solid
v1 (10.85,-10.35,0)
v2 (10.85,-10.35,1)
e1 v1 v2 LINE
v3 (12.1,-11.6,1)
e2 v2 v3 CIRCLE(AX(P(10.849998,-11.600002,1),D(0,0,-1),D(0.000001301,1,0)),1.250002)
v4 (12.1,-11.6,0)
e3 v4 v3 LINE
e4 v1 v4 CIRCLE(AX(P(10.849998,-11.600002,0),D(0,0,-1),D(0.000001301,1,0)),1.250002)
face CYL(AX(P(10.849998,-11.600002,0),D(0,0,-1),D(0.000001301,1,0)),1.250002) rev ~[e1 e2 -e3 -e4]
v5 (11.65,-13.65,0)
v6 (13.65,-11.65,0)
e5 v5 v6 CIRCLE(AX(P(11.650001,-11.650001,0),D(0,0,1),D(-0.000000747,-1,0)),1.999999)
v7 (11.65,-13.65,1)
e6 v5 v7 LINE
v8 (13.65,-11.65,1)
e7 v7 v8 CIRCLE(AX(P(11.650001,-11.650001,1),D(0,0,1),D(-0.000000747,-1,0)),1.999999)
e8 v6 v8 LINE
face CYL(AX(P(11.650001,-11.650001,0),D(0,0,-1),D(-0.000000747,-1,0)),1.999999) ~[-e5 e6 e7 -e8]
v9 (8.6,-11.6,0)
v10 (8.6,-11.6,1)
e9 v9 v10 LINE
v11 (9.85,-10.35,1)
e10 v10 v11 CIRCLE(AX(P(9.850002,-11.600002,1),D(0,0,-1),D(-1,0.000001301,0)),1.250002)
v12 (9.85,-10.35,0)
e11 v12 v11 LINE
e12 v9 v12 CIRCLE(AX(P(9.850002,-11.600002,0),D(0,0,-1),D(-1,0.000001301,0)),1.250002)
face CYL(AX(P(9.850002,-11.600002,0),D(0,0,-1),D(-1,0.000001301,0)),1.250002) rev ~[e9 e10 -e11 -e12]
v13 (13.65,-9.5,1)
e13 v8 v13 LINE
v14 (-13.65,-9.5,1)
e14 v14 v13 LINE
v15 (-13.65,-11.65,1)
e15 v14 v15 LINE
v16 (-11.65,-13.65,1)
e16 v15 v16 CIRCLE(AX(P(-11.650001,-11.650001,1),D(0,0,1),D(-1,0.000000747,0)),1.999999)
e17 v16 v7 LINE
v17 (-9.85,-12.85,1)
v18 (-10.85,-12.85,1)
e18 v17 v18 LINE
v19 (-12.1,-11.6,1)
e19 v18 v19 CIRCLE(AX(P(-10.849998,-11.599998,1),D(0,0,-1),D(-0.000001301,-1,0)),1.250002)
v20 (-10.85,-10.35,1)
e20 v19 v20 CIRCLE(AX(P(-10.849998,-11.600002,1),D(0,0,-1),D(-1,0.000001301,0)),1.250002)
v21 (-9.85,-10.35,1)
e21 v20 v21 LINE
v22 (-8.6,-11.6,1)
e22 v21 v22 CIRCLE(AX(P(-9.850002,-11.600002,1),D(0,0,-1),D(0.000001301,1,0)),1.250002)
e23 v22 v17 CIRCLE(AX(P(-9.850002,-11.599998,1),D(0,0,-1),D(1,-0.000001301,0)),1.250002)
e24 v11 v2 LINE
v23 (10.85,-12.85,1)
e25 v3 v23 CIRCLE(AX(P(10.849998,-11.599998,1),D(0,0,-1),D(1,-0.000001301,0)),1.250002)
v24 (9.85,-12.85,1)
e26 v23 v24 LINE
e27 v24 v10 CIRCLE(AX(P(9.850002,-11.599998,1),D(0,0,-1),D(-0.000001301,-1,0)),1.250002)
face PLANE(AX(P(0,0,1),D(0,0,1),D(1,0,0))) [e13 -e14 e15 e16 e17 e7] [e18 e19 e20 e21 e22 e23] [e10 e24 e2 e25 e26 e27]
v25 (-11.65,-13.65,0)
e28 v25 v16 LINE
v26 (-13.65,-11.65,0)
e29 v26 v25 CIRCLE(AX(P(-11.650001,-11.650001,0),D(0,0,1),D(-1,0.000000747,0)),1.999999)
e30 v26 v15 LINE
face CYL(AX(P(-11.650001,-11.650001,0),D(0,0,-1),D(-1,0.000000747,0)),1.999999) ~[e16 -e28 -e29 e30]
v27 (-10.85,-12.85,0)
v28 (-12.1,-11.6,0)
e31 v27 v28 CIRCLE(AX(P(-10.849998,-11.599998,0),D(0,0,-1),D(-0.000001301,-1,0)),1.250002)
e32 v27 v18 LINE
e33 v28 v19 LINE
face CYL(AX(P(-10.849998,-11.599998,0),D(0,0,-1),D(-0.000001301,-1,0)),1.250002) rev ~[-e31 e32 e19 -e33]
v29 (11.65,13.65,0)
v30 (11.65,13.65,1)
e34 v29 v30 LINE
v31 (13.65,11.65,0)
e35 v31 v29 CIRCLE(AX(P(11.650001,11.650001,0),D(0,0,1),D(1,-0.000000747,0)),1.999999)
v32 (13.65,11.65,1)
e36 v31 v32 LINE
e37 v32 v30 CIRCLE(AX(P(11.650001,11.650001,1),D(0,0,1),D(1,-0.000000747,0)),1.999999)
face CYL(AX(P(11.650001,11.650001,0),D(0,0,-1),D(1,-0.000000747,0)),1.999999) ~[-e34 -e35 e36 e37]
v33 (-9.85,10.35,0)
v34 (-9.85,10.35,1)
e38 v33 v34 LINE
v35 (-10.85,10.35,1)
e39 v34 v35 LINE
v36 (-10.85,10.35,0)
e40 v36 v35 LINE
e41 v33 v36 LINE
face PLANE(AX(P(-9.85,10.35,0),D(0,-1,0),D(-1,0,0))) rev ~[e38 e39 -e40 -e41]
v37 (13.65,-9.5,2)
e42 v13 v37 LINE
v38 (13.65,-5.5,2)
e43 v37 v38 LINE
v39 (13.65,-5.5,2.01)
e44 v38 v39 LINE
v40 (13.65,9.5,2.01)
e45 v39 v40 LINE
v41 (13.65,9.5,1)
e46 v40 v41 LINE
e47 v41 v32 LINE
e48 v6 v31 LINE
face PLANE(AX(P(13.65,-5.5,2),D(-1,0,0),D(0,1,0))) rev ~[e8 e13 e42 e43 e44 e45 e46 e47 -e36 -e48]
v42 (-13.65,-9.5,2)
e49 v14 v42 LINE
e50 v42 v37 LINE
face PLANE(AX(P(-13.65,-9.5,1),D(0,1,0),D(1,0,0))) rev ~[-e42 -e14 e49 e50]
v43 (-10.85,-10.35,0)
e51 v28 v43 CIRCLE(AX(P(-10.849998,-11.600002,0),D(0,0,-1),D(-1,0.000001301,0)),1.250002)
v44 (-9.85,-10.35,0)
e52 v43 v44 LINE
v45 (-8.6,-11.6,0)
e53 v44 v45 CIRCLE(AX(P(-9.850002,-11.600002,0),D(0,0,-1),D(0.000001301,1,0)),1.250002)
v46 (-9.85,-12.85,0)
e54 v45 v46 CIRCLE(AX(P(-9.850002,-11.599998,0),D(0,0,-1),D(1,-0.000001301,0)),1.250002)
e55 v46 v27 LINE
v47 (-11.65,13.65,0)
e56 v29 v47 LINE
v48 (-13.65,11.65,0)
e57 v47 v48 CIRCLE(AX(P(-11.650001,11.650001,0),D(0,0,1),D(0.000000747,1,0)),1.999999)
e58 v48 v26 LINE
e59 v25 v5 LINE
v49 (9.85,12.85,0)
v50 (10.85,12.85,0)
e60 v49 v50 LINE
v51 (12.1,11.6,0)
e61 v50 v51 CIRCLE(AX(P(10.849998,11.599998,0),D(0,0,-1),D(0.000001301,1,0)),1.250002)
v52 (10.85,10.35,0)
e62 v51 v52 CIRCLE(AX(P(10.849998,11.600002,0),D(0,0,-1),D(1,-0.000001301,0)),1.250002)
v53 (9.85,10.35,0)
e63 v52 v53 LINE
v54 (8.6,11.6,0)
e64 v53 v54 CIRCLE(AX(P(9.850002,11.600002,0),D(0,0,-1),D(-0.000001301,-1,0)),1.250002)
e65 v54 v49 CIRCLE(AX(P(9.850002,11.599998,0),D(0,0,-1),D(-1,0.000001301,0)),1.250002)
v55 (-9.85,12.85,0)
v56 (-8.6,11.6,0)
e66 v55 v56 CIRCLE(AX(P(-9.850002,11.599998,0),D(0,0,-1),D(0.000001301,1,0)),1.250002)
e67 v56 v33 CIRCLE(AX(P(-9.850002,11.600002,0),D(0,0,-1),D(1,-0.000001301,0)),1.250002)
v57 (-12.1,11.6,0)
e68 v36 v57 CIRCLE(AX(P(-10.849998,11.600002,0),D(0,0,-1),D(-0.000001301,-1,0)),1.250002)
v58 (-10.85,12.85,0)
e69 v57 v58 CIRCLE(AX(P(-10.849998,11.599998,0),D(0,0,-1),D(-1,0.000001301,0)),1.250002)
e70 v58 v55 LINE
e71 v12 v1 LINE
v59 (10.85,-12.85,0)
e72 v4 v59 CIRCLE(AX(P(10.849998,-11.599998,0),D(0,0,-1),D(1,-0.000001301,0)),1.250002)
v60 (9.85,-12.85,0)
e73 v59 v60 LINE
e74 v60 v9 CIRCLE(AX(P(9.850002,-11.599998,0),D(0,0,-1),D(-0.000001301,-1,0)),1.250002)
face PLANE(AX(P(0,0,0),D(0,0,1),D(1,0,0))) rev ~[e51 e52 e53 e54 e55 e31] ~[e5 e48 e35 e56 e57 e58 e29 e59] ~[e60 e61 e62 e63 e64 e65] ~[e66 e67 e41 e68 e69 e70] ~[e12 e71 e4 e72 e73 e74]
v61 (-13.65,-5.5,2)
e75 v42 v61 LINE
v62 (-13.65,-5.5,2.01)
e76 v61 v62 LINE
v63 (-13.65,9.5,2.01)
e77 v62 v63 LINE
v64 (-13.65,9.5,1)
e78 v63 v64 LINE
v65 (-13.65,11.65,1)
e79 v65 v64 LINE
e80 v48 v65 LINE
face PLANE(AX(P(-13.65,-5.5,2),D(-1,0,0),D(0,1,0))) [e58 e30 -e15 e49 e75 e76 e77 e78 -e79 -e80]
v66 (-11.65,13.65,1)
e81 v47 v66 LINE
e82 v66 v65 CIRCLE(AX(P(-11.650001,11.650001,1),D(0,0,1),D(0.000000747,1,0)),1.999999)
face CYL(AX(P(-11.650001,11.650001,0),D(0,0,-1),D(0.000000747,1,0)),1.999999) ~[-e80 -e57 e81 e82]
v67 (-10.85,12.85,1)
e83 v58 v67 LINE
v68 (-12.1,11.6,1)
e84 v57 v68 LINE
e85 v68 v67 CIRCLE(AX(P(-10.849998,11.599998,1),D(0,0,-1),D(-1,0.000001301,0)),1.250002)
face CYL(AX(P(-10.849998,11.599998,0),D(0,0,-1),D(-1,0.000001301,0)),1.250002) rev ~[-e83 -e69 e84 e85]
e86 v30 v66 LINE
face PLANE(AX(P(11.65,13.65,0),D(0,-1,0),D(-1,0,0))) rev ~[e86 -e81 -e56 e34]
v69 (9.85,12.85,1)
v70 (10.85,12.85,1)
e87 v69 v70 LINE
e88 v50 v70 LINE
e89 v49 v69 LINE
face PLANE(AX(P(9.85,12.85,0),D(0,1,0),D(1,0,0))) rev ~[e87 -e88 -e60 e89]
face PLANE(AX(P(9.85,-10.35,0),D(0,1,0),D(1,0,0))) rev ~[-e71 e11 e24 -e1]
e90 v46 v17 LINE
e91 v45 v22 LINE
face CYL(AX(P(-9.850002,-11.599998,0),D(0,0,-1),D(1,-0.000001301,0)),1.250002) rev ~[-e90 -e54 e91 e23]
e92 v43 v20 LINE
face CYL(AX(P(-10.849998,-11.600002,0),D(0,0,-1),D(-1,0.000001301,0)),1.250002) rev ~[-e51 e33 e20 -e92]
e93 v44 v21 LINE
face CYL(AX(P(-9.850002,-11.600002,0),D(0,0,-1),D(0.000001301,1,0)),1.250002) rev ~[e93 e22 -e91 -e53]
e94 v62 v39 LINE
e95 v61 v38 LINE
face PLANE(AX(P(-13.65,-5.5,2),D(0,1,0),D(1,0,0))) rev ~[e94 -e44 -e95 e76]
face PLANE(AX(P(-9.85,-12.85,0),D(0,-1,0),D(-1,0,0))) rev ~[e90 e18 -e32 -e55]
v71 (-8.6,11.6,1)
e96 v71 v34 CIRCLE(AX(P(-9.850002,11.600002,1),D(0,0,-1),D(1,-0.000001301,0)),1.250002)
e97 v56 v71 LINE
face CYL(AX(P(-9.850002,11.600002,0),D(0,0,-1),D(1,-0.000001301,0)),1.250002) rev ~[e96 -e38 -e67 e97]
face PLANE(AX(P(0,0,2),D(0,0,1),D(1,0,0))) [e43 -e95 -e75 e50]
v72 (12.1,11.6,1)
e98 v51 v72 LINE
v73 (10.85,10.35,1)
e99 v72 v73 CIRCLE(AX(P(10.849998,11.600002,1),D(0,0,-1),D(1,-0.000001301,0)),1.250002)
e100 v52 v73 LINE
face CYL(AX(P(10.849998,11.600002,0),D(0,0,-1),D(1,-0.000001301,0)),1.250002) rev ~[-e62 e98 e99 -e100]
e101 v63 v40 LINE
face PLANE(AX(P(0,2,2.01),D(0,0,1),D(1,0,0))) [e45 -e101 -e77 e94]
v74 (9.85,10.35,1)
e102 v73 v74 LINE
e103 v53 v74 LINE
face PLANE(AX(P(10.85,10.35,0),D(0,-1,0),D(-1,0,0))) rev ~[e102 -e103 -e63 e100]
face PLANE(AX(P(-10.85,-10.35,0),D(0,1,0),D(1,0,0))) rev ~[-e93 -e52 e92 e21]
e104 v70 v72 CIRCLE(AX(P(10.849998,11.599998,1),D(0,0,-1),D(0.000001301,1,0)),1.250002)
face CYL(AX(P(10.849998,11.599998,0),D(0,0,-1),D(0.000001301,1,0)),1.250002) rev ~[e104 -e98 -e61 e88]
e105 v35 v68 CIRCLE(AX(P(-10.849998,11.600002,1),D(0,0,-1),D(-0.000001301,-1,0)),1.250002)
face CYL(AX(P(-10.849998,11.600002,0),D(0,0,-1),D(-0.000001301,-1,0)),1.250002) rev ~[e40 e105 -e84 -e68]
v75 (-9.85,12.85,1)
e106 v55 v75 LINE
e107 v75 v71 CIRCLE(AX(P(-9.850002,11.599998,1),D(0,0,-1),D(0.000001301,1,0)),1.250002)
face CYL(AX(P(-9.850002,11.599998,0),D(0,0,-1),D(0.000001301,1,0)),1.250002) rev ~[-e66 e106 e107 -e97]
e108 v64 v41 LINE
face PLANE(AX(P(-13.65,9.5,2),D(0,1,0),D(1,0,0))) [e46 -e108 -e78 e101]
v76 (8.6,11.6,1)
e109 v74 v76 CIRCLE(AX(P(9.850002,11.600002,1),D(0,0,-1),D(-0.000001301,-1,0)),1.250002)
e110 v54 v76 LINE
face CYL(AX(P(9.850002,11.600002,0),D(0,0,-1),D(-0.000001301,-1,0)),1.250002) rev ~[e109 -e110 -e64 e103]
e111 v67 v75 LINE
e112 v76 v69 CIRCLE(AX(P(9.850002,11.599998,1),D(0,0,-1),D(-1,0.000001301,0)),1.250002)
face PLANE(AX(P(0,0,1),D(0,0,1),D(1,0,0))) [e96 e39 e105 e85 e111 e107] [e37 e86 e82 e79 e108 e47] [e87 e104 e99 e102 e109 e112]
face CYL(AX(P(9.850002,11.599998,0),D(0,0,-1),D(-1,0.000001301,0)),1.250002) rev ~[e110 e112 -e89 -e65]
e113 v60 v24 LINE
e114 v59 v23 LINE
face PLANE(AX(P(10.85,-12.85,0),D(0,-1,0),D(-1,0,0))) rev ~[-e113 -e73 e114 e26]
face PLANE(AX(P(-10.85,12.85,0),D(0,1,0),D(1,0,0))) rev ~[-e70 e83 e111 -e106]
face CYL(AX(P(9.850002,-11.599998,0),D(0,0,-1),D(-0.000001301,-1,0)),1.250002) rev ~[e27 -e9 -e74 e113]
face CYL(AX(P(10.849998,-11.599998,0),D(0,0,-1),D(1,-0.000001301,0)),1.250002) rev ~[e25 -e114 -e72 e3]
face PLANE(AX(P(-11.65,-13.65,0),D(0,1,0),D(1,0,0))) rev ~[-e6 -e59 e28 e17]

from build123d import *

# Parameters (mm, degrees)
F1_DEPTH = 1
F2_W     = 27.3
F2_H     = 19
F3_DEPTH = 1
F4_W     = 27.3
F4_H     = 15
F5_DEPTH = 0.01


with BuildPart() as f1:
    # F0 (on Top) → F1 (new body)
    with BuildSketch(Plane.XY):
        with BuildLine():
            Line((-11.65, -13.65), (11.65, -13.65))
            ThreePointArc((11.65, -13.65), (13.064214, -13.064214), (13.65, -11.65))
            Line((13.65, -11.65), (13.65, 11.65))
            ThreePointArc((13.65, 11.65), (13.064214, 13.064214), (11.65, 13.65))
            Line((11.65, 13.65), (-11.65, 13.65))
            ThreePointArc((-11.65, 13.65), (-13.064214, 13.064214), (-13.65, 11.65))
            Line((-13.65, 11.65), (-13.65, -11.65))
            ThreePointArc((-13.65, -11.65), (-13.064214, -13.064214), (-11.65, -13.65))
        make_face()
        with BuildLine():
            Line((-9.85, -12.85), (-10.85, -12.85))
            ThreePointArc((-10.85, -12.85), (-11.733883, -12.483883), (-12.1, -11.6))
            ThreePointArc((-12.1, -11.6), (-11.733883, -10.716117), (-10.85, -10.35))
            Line((-10.85, -10.35), (-9.85, -10.35))
            ThreePointArc((-9.85, -10.35), (-8.966117, -10.716117), (-8.6, -11.6))
            ThreePointArc((-8.6, -11.6), (-8.966117, -12.483883), (-9.85, -12.85))
        make_face(mode=Mode.SUBTRACT)
        with BuildLine():
            ThreePointArc((8.6, -11.6), (8.966117, -10.716117), (9.85, -10.35))
            Line((9.85, -10.35), (10.85, -10.35))
            ThreePointArc((10.85, -10.35), (11.733883, -10.716117), (12.1, -11.6))
            ThreePointArc((12.1, -11.6), (11.733883, -12.483883), (10.85, -12.85))
            Line((10.85, -12.85), (9.85, -12.85))
            ThreePointArc((9.85, -12.85), (8.966117, -12.483883), (8.6, -11.6))
        make_face(mode=Mode.SUBTRACT)
        with BuildLine():
            ThreePointArc((-8.6, 11.6), (-8.966117, 10.716117), (-9.85, 10.35))
            Line((-9.85, 10.35), (-10.85, 10.35))
            ThreePointArc((-10.85, 10.35), (-11.733883, 10.716117), (-12.1, 11.6))
            ThreePointArc((-12.1, 11.6), (-11.733883, 12.483883), (-10.85, 12.85))
            Line((-10.85, 12.85), (-9.85, 12.85))
            ThreePointArc((-9.85, 12.85), (-8.966117, 12.483883), (-8.6, 11.6))
        make_face(mode=Mode.SUBTRACT)
        with BuildLine():
            ThreePointArc((8.6, 11.6), (8.966117, 12.483883), (9.85, 12.85))
            Line((9.85, 12.85), (10.85, 12.85))
            ThreePointArc((10.85, 12.85), (11.733883, 12.483883), (12.1, 11.6))
            ThreePointArc((12.1, 11.6), (11.733883, 10.716117), (10.85, 10.35))
            Line((10.85, 10.35), (9.85, 10.35))
            ThreePointArc((9.85, 10.35), (8.966117, 10.716117), (8.6, 11.6))
        make_face(mode=Mode.SUBTRACT)
    extrude(amount=F1_DEPTH)

    # F2 (on face) → F3 (join)
    with BuildSketch(Plane.XY.offset(1)):
        Rectangle(F2_W, F2_H)
    extrude(amount=F3_DEPTH)

    # F4 (on face) → F5 (join)
    with BuildSketch(Plane.XY.offset(2)):
        with Locations((0, 2)):
            Rectangle(F4_W, F4_H)
    extrude(amount=F5_DEPTH)


solid = f1.part
